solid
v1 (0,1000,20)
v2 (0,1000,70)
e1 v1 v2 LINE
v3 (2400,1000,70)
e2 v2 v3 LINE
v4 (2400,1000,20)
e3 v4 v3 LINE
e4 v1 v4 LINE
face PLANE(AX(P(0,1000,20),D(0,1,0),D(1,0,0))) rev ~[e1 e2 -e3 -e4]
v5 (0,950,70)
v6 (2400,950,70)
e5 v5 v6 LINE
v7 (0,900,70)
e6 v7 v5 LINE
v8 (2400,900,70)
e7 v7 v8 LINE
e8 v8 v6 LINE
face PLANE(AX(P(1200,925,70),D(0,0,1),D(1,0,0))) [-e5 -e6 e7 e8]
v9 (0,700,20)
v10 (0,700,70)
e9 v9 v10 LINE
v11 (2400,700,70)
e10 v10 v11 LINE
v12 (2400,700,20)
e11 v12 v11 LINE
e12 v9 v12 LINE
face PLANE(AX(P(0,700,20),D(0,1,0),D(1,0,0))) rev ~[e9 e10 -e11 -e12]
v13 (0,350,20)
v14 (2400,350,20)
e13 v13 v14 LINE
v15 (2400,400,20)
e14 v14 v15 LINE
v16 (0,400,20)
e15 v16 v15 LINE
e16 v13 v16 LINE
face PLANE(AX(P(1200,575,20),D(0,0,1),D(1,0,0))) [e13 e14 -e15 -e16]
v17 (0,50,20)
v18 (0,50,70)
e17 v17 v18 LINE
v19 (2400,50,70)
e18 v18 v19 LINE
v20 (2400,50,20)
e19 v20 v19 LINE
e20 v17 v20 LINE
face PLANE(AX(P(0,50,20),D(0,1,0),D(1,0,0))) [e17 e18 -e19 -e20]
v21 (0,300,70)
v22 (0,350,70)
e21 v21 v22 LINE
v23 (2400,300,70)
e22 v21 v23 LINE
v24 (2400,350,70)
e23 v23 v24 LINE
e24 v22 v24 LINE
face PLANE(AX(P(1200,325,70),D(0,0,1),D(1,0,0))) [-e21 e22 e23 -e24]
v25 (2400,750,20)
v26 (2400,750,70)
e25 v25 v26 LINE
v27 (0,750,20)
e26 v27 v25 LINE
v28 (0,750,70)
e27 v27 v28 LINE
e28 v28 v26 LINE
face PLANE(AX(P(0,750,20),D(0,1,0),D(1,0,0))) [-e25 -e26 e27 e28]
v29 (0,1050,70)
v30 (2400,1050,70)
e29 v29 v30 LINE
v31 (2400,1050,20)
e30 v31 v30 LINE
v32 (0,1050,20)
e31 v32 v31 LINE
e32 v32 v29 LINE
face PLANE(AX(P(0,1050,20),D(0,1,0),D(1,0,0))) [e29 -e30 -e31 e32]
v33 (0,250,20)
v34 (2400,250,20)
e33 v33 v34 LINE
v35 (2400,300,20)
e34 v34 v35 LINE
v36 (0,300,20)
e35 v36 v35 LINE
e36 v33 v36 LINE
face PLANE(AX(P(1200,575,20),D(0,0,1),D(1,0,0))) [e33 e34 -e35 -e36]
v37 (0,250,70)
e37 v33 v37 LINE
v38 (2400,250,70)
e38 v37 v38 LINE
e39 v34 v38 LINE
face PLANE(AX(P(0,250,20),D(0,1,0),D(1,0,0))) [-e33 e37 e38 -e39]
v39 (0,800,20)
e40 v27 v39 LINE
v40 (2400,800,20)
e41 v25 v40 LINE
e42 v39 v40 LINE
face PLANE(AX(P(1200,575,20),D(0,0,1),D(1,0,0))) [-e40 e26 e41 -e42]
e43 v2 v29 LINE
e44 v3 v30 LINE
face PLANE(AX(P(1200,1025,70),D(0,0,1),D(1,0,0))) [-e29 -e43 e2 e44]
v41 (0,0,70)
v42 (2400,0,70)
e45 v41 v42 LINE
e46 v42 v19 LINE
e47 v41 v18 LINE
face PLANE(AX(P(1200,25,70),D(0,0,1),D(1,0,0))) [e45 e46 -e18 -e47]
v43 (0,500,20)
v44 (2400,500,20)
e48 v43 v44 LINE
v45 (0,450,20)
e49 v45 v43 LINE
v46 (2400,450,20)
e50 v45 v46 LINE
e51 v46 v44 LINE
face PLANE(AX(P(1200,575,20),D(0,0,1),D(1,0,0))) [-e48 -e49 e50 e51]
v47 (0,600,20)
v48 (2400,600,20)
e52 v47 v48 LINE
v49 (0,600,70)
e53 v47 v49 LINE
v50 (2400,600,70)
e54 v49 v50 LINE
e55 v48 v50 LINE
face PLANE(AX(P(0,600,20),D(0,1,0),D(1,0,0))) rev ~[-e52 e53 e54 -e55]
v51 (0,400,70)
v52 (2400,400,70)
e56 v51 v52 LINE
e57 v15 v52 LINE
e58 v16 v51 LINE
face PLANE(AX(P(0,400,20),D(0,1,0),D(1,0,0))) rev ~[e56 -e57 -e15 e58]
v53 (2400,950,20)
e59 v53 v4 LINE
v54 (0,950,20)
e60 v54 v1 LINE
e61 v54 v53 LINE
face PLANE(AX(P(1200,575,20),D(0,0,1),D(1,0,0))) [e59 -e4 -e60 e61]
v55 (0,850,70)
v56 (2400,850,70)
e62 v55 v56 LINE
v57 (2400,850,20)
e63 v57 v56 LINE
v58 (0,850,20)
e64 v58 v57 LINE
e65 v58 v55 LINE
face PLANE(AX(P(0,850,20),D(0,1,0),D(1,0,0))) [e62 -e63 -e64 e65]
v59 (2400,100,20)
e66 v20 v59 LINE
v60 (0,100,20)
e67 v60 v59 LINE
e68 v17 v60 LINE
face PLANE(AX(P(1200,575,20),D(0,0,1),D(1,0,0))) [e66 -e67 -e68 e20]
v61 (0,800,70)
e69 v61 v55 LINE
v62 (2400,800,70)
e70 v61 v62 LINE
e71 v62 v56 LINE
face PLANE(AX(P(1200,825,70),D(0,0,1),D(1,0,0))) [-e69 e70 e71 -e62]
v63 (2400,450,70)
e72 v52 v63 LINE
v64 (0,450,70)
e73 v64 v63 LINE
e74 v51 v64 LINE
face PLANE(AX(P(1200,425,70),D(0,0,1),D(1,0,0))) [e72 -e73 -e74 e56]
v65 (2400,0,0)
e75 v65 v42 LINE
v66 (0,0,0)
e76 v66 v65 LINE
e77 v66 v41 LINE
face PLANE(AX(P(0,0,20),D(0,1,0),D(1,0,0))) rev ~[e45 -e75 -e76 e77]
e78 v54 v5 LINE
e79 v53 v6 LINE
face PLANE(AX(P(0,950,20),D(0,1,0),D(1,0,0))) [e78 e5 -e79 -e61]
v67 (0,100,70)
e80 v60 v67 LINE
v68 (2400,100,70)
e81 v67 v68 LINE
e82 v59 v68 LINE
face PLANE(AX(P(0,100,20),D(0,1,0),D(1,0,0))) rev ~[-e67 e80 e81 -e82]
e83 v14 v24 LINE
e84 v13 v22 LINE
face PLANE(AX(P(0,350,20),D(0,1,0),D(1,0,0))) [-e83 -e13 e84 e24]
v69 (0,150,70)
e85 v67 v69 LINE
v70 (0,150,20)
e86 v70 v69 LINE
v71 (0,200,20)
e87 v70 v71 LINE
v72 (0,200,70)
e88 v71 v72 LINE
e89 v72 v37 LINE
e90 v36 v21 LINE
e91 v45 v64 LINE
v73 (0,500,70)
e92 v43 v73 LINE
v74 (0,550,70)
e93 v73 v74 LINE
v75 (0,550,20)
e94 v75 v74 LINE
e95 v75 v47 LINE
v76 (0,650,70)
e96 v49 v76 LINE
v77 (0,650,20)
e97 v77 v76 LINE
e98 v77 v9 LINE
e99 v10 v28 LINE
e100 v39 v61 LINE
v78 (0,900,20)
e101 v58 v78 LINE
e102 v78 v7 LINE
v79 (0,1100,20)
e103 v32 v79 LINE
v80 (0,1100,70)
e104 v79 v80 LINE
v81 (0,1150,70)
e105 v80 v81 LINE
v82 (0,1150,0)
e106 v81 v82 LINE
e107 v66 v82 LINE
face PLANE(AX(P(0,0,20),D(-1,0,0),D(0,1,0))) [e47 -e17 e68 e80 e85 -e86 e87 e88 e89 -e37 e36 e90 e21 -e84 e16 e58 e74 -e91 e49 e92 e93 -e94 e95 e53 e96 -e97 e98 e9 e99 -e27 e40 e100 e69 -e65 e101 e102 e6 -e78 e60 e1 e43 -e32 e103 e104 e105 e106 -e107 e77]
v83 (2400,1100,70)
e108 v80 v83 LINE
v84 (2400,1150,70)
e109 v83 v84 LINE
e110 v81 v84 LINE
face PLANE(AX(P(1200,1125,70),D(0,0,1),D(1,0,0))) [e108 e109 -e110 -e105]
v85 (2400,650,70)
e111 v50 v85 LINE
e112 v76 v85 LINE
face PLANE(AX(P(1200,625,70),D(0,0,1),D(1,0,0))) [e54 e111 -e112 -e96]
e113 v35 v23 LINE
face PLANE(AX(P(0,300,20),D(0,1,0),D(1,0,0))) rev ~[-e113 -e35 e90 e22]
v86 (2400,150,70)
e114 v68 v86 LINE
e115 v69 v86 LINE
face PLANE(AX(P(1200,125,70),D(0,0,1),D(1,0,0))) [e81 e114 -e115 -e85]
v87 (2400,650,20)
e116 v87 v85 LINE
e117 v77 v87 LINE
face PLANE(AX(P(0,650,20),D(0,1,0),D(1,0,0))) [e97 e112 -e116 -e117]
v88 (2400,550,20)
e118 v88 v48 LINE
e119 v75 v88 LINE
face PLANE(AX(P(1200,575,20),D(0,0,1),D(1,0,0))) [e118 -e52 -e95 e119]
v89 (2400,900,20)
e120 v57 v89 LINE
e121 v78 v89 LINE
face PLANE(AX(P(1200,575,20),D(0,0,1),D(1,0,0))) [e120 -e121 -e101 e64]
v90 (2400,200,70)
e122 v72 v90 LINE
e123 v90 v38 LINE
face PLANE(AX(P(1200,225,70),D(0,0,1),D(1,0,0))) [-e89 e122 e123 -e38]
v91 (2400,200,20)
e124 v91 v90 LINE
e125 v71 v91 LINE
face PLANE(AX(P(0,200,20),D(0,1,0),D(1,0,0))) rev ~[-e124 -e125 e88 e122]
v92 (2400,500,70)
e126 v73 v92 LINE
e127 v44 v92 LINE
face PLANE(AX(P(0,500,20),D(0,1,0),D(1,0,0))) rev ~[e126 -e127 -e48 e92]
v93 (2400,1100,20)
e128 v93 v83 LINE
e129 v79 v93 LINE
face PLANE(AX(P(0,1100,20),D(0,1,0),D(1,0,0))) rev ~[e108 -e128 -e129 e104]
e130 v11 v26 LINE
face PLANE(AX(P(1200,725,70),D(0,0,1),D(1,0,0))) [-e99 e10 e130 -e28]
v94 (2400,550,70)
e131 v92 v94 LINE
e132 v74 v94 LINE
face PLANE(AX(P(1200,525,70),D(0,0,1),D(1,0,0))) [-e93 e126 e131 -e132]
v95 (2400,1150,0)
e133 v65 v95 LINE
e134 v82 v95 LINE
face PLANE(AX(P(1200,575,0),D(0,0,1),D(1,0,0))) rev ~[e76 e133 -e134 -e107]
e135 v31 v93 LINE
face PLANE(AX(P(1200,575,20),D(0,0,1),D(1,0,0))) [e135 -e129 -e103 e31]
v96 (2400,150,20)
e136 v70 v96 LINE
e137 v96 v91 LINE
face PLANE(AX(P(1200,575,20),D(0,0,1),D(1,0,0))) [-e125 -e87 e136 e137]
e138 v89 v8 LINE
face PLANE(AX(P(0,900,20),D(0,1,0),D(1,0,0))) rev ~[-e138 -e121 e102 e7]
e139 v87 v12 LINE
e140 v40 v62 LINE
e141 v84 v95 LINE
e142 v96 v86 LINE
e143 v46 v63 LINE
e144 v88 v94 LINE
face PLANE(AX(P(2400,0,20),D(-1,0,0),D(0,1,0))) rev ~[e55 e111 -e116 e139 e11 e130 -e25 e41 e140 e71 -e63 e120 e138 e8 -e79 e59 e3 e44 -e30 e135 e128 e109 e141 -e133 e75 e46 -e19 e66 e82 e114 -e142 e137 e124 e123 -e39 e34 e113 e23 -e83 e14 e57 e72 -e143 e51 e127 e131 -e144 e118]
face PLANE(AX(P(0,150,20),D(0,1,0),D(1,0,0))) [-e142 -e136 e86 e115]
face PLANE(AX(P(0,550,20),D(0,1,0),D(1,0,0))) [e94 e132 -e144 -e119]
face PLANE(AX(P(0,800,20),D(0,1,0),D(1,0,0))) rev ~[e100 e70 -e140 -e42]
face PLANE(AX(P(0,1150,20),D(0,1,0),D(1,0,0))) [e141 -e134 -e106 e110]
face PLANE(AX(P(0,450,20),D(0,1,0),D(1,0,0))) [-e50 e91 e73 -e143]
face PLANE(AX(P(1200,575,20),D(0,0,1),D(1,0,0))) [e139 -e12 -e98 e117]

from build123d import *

# Parameters (mm, degrees)
SKETCH_1_W             = 2400
SKETCH_1_H             = 1150
EXTRUDE_1_DEPTH        = 20
SKETCH_2_W             = 2400
SKETCH_2_H             = 50
EXTRUDE_2_DEPTH        = 50
PATTERN_LINEAR_1_COUNT = 12
PATTERN_LINEAR_1_PITCH = 100


with BuildPart() as part:
    # Эскиз1 → Бобышка-Вытянуть1 (new body)
    with BuildSketch(Plane.XY):
        with Locations((1200, 575)):
            Rectangle(SKETCH_1_W, SKETCH_1_H)
    extrude(amount=EXTRUDE_1_DEPTH)

    # Эскиз2 → Бобышка-Вытянуть2 (add)
    with BuildSketch(Plane.XY.offset(20)):
        with Locations((1200, 1125)):
            Rectangle(SKETCH_2_W, SKETCH_2_H)
    extrude_2 = extrude(amount=EXTRUDE_2_DEPTH)

    # Линейный массив1: Бобышка-Вытянуть2 ×12
    with Locations(*[(0, -i * PATTERN_LINEAR_1_PITCH, 0) for i in range(1, PATTERN_LINEAR_1_COUNT)]):
        add(extrude_2)


solid = part.part
